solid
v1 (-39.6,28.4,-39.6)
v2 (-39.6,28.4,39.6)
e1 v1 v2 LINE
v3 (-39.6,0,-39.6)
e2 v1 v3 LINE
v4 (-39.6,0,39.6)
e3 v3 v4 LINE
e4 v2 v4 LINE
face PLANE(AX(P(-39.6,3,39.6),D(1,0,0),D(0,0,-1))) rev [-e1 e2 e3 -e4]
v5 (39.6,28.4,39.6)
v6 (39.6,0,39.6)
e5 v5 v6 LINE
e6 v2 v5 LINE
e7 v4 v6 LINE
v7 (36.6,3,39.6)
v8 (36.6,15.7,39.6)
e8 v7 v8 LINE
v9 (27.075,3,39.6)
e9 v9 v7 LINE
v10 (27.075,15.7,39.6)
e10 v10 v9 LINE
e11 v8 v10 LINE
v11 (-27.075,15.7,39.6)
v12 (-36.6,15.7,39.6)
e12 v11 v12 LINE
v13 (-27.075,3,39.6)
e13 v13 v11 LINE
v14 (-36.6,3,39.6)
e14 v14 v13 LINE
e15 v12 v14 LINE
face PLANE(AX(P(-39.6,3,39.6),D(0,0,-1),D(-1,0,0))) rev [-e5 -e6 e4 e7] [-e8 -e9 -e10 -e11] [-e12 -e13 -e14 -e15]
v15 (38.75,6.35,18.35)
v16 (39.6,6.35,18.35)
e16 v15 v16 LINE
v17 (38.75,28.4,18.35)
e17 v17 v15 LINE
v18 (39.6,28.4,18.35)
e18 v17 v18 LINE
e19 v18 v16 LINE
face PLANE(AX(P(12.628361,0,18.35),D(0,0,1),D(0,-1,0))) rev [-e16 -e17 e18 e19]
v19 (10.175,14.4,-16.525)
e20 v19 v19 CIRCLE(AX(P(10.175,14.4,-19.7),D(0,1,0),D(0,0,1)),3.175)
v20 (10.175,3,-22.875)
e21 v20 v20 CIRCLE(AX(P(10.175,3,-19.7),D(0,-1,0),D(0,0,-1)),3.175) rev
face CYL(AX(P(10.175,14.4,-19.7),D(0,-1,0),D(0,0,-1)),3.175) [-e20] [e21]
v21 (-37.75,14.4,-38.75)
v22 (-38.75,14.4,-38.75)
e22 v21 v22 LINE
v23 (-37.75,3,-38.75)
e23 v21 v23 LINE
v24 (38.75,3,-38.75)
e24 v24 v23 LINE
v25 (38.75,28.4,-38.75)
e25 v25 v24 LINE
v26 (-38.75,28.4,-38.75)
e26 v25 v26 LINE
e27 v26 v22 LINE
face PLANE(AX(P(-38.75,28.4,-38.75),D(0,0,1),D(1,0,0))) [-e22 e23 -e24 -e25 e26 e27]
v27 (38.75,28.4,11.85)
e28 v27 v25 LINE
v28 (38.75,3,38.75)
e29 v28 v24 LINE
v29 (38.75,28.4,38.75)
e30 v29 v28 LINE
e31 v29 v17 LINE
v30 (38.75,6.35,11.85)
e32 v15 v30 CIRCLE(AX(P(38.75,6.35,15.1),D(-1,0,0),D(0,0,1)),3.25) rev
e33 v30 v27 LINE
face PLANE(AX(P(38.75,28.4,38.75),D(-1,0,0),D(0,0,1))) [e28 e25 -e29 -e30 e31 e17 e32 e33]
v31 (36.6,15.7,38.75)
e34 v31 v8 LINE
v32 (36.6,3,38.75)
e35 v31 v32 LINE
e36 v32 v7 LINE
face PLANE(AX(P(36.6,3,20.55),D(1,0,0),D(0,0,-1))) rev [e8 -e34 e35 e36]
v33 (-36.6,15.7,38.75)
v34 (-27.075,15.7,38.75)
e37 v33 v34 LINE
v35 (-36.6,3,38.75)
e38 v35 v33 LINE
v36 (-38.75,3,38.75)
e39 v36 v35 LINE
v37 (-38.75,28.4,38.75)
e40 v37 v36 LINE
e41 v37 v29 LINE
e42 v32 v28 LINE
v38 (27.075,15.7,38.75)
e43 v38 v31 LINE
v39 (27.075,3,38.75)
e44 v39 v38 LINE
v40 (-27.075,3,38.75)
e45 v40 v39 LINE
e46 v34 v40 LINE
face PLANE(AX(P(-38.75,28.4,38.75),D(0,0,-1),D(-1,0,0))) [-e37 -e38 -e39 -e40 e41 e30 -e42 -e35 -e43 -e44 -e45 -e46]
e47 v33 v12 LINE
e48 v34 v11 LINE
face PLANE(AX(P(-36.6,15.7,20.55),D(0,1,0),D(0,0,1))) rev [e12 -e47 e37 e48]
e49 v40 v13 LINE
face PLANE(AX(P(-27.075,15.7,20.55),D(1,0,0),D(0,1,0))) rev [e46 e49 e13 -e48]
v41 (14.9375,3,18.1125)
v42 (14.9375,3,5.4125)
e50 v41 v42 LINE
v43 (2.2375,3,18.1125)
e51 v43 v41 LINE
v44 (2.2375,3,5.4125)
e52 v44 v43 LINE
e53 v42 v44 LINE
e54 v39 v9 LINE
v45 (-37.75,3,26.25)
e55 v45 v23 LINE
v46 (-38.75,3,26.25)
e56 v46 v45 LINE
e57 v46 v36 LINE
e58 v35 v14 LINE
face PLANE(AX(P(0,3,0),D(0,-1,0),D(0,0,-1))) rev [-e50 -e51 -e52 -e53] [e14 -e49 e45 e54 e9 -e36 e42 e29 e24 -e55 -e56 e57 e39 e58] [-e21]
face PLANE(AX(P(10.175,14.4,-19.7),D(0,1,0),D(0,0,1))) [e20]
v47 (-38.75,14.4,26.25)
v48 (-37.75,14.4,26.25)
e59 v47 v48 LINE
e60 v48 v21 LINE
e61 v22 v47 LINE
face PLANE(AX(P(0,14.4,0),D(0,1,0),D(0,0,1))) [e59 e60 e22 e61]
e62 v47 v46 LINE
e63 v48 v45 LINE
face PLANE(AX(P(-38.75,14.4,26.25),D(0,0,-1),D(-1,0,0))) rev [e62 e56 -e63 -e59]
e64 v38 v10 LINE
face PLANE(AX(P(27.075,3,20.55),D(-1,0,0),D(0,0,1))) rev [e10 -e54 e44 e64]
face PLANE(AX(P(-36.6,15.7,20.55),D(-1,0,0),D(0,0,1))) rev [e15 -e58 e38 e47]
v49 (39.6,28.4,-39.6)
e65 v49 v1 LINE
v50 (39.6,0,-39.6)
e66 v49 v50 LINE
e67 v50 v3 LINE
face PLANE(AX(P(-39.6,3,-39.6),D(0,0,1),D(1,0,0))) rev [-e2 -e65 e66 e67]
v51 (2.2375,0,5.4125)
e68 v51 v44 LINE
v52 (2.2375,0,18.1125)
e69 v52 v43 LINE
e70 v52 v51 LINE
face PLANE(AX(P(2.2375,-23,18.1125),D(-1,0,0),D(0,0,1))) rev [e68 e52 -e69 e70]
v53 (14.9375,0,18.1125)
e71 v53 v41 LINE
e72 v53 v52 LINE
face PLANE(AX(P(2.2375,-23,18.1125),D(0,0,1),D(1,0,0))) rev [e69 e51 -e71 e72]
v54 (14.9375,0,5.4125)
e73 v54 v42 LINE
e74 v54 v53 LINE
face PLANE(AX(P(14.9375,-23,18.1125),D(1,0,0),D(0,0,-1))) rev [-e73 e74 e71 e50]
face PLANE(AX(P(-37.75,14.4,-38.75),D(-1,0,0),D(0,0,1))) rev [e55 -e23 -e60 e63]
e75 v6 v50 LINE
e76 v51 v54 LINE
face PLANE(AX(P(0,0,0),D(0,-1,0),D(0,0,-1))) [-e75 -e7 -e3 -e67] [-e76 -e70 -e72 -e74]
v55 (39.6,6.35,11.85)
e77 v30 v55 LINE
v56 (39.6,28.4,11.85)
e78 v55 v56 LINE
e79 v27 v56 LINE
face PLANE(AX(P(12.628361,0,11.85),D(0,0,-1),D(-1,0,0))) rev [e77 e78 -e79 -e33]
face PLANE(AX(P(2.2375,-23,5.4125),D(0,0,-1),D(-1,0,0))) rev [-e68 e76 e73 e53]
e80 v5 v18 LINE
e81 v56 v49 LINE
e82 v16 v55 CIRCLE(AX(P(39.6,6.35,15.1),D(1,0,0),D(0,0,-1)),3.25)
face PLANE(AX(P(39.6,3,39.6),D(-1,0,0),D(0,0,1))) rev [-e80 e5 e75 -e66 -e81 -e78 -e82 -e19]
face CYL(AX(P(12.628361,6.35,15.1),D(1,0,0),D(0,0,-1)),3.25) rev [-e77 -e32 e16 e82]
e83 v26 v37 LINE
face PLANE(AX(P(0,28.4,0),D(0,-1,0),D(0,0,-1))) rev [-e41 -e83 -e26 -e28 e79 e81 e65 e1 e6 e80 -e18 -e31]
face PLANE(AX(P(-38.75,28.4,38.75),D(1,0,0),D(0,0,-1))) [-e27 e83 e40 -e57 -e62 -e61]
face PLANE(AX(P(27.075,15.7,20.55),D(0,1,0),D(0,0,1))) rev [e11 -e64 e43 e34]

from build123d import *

# Parameters (mm, degrees)
SKETCH1_W           = 79.2
SKETCH1_H           = 79.2
BOSS_EXTRUDE1_DEPTH = 3
SKETCH2_W           = 79.2
SKETCH2_H           = 79.2
SKETCH2_W_2         = 77.5
SKETCH2_H_2         = 77.5
BOSS_EXTRUDE2_DEPTH = 25.4
SKETCH3_R           = 3.25
CUT_EXTRUDE2_DEPTH  = 0.85
SKETCH5_W           = 9.525
SKETCH5_H           = 12.7
CUT_EXTRUDE3_DEPTH  = 19.05
SKETCH6_R           = 3.175
SKETCH6_W           = 1
SKETCH6_H           = 65
BOSS_EXTRUDE3_DEPTH = 11.4
SKETCH7_W           = 12.7
SKETCH7_H           = 12.7
CUT_EXTRUDE5_DEPTH  = 26


with BuildPart() as part:
    # Sketch1 → Boss-Extrude1 (new body)
    with BuildSketch(Plane(origin=(0, 0, 0), x_dir=(1, 0, 0), z_dir=(0, 1, 0))):
        Rectangle(SKETCH1_W, SKETCH1_H)
    extrude(amount=BOSS_EXTRUDE1_DEPTH)

    # Sketch2 → Boss-Extrude2 (add)
    with BuildSketch(Plane(origin=(0, 3, 0), x_dir=(1, 0, 0), z_dir=(0, 1, 0))):
        Rectangle(SKETCH2_W, SKETCH2_H)
        Rectangle(SKETCH2_W_2, SKETCH2_H_2, mode=Mode.SUBTRACT)
    extrude(amount=BOSS_EXTRUDE2_DEPTH)

    # Sketch3 → Cut-Extrude2 (cut)
    with BuildSketch(Plane(origin=(39.6, 0, 0), x_dir=(0, 0, -1), z_dir=(1, 0, 0))):
        with Locations((-15.1, 6.35)):
            Circle(SKETCH3_R)
        with BuildLine():
            ThreePointArc((-18.35, 6.35), (-15.1, 9.6), (-11.85, 6.35))
            Line((-11.85, 6.35), (-11.85, 28.4))
            Line((-11.85, 28.4), (-18.35, 28.4))
            Line((-18.35, 28.4), (-18.35, 6.35))
        make_face()
    extrude(amount=-CUT_EXTRUDE2_DEPTH, mode=Mode.SUBTRACT)

    # Sketch5 → Cut-Extrude3 (cut)
    with BuildSketch(Plane.XY.offset(39.6)):
        with Locations((31.8375, 9.35)):
            Rectangle(SKETCH5_W, SKETCH5_H)
        with Locations((-31.8375, 9.35)):
            Rectangle(SKETCH5_W, SKETCH5_H)
    extrude(amount=-CUT_EXTRUDE3_DEPTH, mode=Mode.SUBTRACT)

    # Sketch6 → Boss-Extrude3 (add)
    with BuildSketch(Plane(origin=(0, 3, 0), x_dir=(1, 0, 0), z_dir=(0, 1, 0))):
        with Locations(Location((10.175, 19.7, 0), (0, 0, 90))):
            Circle(SKETCH6_R)
        with Locations((-38.25, 6.25)):
            Rectangle(SKETCH6_W, SKETCH6_H)
    extrude(amount=BOSS_EXTRUDE3_DEPTH)

    # Sketch7 → Cut-Extrude5 (cut)
    with BuildSketch(Plane(origin=(0, 3, 0), x_dir=(1, 0, 0), z_dir=(0, 1, 0))):
        with Locations((8.5875, -11.7625)):
            Rectangle(SKETCH7_W, SKETCH7_H)
    extrude(amount=-CUT_EXTRUDE5_DEPTH, mode=Mode.SUBTRACT)


solid = part.part
